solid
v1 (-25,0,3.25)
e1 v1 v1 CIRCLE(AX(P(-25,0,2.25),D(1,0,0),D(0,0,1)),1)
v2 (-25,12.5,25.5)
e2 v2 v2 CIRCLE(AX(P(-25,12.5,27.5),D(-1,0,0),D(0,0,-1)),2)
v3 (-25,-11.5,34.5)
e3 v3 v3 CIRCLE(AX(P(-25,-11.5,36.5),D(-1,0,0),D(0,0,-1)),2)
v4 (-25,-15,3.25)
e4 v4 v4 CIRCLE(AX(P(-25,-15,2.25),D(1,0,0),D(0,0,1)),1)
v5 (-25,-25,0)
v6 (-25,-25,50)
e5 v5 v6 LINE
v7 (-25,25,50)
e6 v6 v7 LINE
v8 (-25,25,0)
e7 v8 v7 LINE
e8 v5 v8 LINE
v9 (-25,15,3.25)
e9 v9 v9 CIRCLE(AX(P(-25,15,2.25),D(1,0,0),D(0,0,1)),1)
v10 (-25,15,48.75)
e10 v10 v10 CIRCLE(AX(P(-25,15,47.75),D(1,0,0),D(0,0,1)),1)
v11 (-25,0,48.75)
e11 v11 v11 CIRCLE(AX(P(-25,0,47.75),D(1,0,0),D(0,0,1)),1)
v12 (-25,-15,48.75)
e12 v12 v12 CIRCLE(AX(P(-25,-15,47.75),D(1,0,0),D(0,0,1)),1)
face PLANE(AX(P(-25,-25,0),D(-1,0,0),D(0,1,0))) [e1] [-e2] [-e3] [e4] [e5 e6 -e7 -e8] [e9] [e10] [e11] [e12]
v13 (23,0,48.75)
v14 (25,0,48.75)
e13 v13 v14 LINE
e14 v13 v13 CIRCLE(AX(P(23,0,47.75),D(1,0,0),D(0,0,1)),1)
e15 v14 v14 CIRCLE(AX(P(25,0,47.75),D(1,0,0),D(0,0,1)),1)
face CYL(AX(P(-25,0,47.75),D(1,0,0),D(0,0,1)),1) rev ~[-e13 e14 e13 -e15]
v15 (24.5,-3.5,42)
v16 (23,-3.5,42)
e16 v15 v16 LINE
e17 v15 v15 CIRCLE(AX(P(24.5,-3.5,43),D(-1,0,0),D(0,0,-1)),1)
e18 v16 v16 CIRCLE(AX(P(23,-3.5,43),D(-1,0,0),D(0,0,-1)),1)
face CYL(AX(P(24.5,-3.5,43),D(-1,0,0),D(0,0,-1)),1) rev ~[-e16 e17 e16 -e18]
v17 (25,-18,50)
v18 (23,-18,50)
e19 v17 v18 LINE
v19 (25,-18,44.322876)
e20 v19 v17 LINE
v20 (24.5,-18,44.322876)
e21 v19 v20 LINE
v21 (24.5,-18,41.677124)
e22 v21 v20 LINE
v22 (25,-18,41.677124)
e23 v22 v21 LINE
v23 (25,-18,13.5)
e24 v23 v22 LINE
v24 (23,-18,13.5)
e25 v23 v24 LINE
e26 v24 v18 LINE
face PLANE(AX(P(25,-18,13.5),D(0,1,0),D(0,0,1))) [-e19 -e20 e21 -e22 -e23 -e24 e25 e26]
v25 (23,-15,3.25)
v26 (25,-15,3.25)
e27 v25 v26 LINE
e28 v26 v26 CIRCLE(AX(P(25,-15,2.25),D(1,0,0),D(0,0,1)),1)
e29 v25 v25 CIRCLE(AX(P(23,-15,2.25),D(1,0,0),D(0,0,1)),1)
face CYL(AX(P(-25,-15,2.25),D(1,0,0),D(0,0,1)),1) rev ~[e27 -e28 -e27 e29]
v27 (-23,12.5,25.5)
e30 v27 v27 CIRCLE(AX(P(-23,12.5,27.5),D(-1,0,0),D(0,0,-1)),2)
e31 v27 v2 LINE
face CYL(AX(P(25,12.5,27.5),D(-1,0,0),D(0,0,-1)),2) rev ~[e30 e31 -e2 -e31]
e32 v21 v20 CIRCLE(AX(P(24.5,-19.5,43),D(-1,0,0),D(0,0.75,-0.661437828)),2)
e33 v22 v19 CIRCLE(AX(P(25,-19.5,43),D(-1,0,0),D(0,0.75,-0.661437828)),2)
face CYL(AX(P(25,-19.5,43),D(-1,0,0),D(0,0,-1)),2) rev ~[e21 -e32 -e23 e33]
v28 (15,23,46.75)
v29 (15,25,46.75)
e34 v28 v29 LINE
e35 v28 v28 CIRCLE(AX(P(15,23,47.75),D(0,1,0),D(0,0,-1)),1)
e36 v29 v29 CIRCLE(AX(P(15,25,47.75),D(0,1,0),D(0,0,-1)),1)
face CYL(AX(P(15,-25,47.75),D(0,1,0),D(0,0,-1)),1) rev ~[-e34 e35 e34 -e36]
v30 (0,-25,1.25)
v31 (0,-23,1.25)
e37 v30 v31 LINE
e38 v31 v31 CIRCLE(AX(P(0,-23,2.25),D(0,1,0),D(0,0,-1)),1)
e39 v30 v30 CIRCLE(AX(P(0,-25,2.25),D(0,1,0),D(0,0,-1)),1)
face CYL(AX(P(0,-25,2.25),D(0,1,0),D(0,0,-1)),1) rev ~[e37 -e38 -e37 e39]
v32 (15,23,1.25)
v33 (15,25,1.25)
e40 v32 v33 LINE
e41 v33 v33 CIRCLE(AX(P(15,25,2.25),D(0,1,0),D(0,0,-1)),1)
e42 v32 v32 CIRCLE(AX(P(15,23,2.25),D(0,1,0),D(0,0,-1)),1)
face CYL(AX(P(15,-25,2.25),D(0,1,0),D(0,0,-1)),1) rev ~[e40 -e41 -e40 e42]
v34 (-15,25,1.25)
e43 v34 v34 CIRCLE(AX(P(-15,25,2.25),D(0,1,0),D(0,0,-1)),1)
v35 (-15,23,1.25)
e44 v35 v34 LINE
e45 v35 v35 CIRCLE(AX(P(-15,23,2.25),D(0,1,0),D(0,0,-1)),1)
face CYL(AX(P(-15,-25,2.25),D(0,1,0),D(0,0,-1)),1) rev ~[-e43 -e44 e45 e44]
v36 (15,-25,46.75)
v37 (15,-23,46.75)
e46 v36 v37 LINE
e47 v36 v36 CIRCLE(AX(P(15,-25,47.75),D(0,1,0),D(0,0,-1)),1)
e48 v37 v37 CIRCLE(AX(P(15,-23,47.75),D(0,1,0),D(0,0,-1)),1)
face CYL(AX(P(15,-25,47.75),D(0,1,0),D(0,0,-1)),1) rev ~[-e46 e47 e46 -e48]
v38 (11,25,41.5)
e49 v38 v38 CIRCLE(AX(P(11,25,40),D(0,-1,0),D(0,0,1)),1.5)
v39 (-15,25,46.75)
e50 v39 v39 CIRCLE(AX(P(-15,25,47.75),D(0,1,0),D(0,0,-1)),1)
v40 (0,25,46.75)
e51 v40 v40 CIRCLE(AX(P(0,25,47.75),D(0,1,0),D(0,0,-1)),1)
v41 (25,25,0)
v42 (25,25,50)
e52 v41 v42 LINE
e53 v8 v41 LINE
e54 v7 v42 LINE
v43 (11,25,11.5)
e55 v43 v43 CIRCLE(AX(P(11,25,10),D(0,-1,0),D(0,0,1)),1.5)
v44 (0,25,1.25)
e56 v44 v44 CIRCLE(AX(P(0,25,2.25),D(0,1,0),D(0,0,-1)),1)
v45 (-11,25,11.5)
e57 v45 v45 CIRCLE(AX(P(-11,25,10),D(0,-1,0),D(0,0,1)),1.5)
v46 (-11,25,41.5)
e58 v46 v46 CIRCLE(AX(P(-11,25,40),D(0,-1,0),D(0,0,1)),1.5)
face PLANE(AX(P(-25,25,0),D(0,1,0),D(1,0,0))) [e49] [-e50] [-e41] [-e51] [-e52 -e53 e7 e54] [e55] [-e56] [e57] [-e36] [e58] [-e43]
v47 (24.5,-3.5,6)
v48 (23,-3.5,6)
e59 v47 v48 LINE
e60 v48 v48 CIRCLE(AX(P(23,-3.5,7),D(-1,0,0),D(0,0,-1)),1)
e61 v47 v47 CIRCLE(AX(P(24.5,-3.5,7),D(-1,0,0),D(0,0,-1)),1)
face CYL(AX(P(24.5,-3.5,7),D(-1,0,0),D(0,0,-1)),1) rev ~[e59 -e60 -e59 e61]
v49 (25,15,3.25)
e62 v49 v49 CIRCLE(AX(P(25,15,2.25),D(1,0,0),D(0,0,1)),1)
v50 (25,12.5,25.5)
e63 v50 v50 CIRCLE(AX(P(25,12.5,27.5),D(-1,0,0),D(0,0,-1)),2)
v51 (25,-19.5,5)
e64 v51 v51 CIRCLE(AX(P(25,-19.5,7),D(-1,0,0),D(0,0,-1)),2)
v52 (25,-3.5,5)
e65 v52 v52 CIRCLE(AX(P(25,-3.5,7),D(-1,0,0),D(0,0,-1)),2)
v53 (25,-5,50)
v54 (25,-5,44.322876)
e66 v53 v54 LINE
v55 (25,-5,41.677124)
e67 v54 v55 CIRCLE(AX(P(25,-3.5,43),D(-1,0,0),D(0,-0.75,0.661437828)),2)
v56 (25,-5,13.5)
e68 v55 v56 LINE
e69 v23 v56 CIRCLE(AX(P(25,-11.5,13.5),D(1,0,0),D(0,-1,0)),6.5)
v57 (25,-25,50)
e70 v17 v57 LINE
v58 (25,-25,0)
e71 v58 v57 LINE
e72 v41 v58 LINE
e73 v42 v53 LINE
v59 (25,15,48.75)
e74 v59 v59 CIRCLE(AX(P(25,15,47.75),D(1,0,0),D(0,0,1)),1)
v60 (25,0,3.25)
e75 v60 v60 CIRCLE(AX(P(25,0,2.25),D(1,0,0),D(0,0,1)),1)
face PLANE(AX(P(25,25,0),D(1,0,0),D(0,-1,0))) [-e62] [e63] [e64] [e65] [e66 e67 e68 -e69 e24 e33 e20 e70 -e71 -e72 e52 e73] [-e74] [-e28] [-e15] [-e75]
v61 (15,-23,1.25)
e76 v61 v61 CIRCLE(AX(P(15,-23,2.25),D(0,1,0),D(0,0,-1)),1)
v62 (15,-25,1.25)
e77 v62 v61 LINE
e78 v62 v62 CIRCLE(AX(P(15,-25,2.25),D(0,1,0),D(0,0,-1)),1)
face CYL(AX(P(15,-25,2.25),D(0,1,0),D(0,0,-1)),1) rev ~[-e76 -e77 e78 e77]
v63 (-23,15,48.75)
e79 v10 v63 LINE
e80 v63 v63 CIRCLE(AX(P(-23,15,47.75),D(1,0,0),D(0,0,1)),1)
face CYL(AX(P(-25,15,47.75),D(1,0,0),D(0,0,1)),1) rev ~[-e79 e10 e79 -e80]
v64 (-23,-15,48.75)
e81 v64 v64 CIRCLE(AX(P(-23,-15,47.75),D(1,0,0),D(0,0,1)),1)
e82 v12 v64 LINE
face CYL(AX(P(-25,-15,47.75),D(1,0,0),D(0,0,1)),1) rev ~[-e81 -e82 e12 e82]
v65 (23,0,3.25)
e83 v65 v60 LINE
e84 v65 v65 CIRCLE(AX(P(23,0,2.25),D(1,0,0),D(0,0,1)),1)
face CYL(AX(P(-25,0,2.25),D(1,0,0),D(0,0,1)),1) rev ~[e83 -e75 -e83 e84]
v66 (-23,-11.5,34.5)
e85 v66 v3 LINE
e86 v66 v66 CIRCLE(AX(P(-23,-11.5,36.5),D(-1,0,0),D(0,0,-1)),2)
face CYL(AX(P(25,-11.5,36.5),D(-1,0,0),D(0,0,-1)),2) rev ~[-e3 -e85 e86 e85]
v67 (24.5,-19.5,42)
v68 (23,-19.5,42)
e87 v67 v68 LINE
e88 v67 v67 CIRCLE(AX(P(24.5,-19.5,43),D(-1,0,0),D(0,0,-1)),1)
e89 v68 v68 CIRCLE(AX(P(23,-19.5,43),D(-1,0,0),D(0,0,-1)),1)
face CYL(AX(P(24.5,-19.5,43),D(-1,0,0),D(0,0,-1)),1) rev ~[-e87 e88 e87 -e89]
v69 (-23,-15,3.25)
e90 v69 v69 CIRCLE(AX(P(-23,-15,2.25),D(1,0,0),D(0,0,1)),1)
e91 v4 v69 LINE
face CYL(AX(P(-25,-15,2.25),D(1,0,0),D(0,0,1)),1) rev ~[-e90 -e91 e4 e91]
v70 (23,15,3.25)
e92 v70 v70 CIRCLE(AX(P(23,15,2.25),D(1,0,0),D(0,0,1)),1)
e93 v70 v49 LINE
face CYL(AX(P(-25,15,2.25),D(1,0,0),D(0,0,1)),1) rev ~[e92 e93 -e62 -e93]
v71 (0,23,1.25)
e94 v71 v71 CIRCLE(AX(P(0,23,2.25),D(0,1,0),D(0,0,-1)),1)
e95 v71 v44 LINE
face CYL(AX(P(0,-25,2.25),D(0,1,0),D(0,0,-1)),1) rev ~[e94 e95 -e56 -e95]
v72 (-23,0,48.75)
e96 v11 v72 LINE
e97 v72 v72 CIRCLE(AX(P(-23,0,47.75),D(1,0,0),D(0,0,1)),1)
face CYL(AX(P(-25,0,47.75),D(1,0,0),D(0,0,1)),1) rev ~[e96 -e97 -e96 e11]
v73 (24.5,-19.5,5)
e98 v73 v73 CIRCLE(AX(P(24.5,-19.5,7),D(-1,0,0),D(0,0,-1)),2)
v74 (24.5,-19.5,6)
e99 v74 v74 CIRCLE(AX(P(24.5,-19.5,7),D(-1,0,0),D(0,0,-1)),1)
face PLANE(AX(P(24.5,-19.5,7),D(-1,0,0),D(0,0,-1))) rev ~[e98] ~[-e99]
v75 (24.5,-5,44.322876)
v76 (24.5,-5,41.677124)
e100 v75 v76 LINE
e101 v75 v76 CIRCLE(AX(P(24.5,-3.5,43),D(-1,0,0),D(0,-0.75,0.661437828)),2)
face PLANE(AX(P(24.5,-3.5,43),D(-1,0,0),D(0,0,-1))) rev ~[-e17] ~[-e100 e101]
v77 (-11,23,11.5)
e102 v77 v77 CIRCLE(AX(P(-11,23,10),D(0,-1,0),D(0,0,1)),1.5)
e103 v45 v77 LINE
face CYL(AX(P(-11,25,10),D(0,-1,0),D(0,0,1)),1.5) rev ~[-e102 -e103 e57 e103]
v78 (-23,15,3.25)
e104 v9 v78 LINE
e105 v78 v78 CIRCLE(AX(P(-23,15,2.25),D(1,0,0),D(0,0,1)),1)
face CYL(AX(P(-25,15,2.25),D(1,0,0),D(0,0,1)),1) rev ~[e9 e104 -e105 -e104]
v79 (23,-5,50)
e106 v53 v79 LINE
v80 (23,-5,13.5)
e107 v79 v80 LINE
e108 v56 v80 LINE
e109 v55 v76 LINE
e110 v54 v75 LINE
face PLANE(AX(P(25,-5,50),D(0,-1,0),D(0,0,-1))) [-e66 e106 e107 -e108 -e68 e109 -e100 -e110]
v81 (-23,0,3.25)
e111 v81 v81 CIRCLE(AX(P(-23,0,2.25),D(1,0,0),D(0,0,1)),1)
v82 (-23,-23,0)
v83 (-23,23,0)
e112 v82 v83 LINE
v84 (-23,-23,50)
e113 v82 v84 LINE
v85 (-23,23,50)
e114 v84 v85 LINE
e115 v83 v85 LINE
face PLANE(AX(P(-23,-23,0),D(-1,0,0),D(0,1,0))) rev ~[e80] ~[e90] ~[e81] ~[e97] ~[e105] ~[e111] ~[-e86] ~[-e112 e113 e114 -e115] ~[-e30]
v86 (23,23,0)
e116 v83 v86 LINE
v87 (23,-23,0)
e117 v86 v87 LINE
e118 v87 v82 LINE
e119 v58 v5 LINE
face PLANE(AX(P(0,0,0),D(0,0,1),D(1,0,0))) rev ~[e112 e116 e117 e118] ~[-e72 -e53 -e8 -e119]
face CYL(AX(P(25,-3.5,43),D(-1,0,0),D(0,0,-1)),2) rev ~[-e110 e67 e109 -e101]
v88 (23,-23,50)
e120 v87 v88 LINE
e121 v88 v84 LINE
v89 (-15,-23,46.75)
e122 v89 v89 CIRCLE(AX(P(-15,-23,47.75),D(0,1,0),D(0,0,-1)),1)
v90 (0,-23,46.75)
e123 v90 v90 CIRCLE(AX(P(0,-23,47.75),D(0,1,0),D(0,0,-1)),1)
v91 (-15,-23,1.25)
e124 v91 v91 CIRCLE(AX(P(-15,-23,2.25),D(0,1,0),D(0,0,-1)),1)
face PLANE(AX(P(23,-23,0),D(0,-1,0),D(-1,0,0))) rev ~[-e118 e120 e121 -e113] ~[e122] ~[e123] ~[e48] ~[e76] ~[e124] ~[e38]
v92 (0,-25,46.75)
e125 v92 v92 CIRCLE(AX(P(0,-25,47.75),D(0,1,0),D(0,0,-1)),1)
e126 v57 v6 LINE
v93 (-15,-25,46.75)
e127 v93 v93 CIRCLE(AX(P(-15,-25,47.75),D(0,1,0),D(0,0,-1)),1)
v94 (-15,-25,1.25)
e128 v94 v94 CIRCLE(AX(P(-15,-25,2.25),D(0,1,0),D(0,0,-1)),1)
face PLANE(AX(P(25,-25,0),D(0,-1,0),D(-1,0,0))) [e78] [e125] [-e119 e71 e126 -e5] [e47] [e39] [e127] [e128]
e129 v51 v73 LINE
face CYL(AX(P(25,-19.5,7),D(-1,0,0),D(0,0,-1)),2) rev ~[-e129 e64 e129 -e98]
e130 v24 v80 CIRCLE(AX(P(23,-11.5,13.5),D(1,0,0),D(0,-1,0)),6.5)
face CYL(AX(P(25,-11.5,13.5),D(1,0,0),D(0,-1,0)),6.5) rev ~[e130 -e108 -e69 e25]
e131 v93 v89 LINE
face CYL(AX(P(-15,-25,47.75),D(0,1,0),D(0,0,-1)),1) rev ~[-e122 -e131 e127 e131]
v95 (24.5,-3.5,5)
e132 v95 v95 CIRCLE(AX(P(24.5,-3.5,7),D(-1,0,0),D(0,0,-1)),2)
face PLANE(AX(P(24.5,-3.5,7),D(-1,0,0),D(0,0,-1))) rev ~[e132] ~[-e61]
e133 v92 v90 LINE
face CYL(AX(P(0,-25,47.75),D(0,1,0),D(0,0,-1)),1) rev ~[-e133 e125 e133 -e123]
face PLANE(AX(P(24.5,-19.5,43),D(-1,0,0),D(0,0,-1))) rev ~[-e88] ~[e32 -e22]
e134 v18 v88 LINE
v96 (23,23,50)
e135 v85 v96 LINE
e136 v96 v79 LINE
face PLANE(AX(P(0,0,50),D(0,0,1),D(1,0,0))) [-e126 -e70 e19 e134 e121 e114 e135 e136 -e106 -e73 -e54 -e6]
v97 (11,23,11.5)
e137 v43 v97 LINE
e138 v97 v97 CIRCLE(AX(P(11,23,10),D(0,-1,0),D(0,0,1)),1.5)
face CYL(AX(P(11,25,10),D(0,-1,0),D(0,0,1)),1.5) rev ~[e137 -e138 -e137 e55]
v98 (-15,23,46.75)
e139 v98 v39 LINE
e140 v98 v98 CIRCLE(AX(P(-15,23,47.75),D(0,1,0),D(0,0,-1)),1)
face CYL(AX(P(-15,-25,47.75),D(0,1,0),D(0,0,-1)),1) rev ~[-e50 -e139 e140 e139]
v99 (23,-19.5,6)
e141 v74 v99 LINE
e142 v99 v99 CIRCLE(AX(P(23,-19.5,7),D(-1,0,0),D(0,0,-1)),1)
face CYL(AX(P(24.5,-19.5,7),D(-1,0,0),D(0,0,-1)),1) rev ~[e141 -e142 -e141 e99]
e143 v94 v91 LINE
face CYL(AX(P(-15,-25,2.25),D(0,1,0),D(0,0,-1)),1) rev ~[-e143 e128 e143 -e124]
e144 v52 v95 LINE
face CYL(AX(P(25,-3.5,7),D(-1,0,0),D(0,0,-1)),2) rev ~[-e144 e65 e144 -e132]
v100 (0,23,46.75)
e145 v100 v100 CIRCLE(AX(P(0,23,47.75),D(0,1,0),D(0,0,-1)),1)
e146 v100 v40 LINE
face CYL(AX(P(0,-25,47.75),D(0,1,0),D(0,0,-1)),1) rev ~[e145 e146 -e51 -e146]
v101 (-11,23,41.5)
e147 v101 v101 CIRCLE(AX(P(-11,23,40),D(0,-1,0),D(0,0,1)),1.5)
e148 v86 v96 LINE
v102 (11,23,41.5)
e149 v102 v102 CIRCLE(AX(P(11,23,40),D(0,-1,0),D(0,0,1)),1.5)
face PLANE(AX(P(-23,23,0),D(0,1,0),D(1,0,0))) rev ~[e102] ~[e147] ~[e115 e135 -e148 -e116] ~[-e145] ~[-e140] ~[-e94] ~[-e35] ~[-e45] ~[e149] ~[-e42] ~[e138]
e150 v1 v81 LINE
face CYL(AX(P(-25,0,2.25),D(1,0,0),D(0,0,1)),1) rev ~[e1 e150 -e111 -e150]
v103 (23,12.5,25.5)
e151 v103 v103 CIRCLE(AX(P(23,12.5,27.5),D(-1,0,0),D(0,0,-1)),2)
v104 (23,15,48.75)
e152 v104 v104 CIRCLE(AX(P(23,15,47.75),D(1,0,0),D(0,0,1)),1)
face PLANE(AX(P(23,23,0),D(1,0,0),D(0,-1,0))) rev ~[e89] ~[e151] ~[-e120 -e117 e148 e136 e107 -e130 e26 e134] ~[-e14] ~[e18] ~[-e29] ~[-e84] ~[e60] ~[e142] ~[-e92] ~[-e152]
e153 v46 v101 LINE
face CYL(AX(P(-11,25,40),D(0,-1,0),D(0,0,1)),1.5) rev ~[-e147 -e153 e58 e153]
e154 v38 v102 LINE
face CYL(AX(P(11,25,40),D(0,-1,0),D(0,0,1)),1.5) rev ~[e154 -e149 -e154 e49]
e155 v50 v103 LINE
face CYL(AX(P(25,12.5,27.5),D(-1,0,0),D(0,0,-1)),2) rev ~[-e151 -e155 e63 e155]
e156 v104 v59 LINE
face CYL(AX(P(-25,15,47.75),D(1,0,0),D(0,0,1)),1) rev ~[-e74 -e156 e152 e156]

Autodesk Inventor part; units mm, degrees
ref_plane "YZ Plane" through (0, 0, 0) normal (1, 0, 0) x (0, 1, 0)
ref_plane "XZ Plane" through (0, 0, 0) normal (0, 1, 0) x (-1, 0, 0)
ref_plane "XY Plane" through (0, 0, 0) normal (0, 0, 1) x (1, 0, 0)
sketch "スケッチ1" plane through (0, 0, 0) normal (0, 0, 1) x (1, 0, 0)
  line L0 (-25, 25) -> (25, 25)
  line L1 (25, 25) -> (25, -25)
  line L2 (25, -25) -> (-25, -25)
  line L3 (-25, -25) -> (-25, 25)
  line L4 (-23, 23) -> (23, 23)
  line L5 (23, 23) -> (23, -23)
  line L6 (23, -23) -> (-23, -23)
  line L7 (-23, -23) -> (-23, 23)
  point P0 (0, 0)
  dimension "d0" = 50
  dimension "d1" = 50
  dimension "d4" = 25
  dimension "d5" = 25
  dimension "d6" = 46
  dimension "d7" = 2
  dimension "d8" = 46
  dimension "d9" = 2
extrude "押し出し1" add sketch "スケッチ1" along normal blind 50
sketch "スケッチ2" plane through (25, -25, 0) normal (1, 0, 0) x (0, 0, -1)
  line L0 (-50, 50) -> (-50, 0) projected
  line L1 (0, 0) -> (-50, 0) projected
  line L2 (-50, 20) -> (-13.5, 20)
  line L3 (-13.5, 7) -> (-50, 7)
  line L4 (-50, 7) -> (-50, 20)
  arc A0 (-13.5, 7) -> (-13.5, 20) centre (-13.5, 13.5) ccw
  point P0 (0, 25)
  point P1 (-7, 13.5)
  dimension "d34" = 13
  dimension "d35" = 7
  dimension "d43" = 13
  dimension "d44" = 6.5
  dimension "d46" = 36.5
extrude "押し出し2" cut sketch "スケッチ2" against normal blind 30.5
sketch "スケッチ3" plane through (25, -25, 0) normal (1, 0, 0) x (0, 0, -1)
  arc A0 (-13.5, 7) -> (-13.5, 20) centre (-13.5, 13.5) ccw projected
  line L0 (-13.5, 7) -> (-50, 7) projected
  circle A1 centre (-7, 21.5) radius 1
  circle A2 centre (-43, 21.5) radius 1
  circle A3 centre (-43, 5.5) radius 1
  circle A4 centre (-7, 5.5) radius 1
  point P0 (0, 25)
  dimension "d47" = 8
  dimension "d48" = 8
  dimension "d49" = 16
  dimension "d50" = 1.5
  dimension "d51" = 36
  dimension "d52" = 36
  dimension "d53" = 6.5
  dimension "d55" = 2
  dimension "d56" = 6.5
hole "穴1" at (25, -19.5, 43) at (25, -3.5, 7) at (25, -19.5, 7) at (25, -3.5, 43) direction (-1, 0, 0) diameter 2 depth 2 tip angle 118 counterbore diameter 4 counterbore depth 0.5
sketch "スケッチ11" plane through (25, -25, 0) normal (1, 0, 0) x (0, 0, -1)
  line L0 (0, 0) -> (-50, 0) projected
  circle A0 centre (-27.5, 37.5) radius 1.5
  line L1 (-50, 50) -> (-50, 20) projected
  circle A1 centre (-36.5, 13.5) radius 1.5
  line L2 (0, 50) -> (0, 0) projected
  point P0 (0, 25)
  dimension "d108" = 13.5
  dimension "d109" = 3
  dimension "d110" = 13.5
  dimension "d128" = 24
  dimension "d137" = 27.5
hole "穴6" at (25, -11.5, 36.5) at (25, 12.5, 27.5) direction (-1, 0, 0) diameter 4 end through all
sketch "スケッチ15" plane through (-25, -25, 0) normal (0, -1, 0) x (1, 0, 0)
  line L0 (50, 50) -> (0, 50) projected
  line L1 (0, 0) -> (0, 50) projected
  circle A0 centre (10, 47.75) radius 1
  circle A1 centre (25, 47.75) radius 1
  circle A2 centre (40, 47.75) radius 1
  line L2 (50, 0) -> (0, 0) projected
  circle A3 centre (10, 2.25) radius 1
  circle A4 centre (25, 2.25) radius 1
  circle A5 centre (40, 2.25) radius 1
  point P0 (49.5, 0)
  point P1 (49.5, 50)
  point P2 (25, 0)
  dimension "d138" = 2
  dimension "d139" = 10
  dimension "d141" = 2.25
  dimension "d142" = 2.25
  dimension "d143" = 2.25
  dimension "d144" = 15
  dimension "d166" = 15
  dimension "d167" = 10
  dimension "d168" = 15
  dimension "d169" = 15
  dimension "d170" = 2.25
  dimension "d171" = 2.25
  dimension "d172" = 2.25
hole "穴10" at (-15, -25, 47.75) at (-15, -25, 2.25) at (0, -25, 47.75) at (0, -25, 2.25) at (15, -25, 2.25) at (15, -25, 47.75) direction (0, 1, 0) diameter 2 end through all
sketch "スケッチ16" plane through (-25, -25, 0) normal (-1, 0, 0) x (0, 0, 1)
  line L0 (50, 0) -> (50, 50) projected
  line L1 (0, 50) -> (50, 50) projected
  line L2 (0, 0) -> (50, 0) projected
  circle A0 centre (47.75, 40) radius 1
  circle A1 centre (47.75, 25) radius 1
  circle A2 centre (47.75, 10) radius 1
  circle A3 centre (2.25, 40) radius 1
  circle A4 centre (2.25, 25) radius 1
  circle A5 centre (2.25, 10) radius 1
  line L3 (0, 48) -> (0, 2) projected
  point P0 (0, 25)
  dimension "d152" = 2
  dimension "d153" = 2.25
  dimension "d154" = 2.25
  dimension "d155" = 2.25
  dimension "d156" = 10
  dimension "d157" = 10
  dimension "d158" = 15
  dimension "d173" = 15
  dimension "d174" = 15
  dimension "d175" = 10
  dimension "d176" = 2.25
  dimension "d177" = 2.25
  dimension "d178" = 2.25
hole "穴11" at (-25, 15, 2.25) at (-25, 0, 2.25) at (-25, -15, 2.25) at (-25, -15, 47.75) at (-25, 0, 47.75) at (-25, 15, 47.75) direction (1, 0, 0) diameter 2 end through all
sketch "スケッチ17" plane through (-25, 25, 50) normal (0, 1, 0) x (1, 0, 0)
  circle A0 centre (25, 2.25) radius 1 projected
  line L0 (0, 50) -> (50, 50) projected
  line L1 (0, 0) -> (50, 0) projected
  circle A1 centre (14, 40) radius 1.5
  circle A2 centre (36, 40) radius 1.5
  circle A3 centre (14, 10) radius 1.5
  circle A4 centre (36, 10) radius 1.5
  point P0 (49.5, 0)
  point P1 (49.5, 50)
  point P2 (25, 50)
  dimension "d196" = 3
  dimension "d197" = 11
  dimension "d198" = 11
  dimension "d199" = 10
  dimension "d200" = 10
  dimension "d201" = 10
  dimension "d202" = 10
  dimension "d203" = 11
  dimension "d204" = 11
hole "穴12" at (11, 25, 40) at (-11, 25, 40) at (11, 25, 10) at (-11, 25, 10) direction (0, -1, 0) diameter 3 depth 2 tip angle 118
thread "ねじ1" size "M3x0.5" class "6H" standard "ANSI Metric M Profile" full length
thread "ねじ2" size "M3x0.5" class "6H" standard "ANSI Metric M Profile" full length
thread "ねじ3" size "M3x0.5" class "6H" standard "ANSI Metric M Profile" full length
thread "ねじ4" size "M3x0.5" class "6H" standard "ANSI Metric M Profile" full length
properties material "アルミニウム 6061"
